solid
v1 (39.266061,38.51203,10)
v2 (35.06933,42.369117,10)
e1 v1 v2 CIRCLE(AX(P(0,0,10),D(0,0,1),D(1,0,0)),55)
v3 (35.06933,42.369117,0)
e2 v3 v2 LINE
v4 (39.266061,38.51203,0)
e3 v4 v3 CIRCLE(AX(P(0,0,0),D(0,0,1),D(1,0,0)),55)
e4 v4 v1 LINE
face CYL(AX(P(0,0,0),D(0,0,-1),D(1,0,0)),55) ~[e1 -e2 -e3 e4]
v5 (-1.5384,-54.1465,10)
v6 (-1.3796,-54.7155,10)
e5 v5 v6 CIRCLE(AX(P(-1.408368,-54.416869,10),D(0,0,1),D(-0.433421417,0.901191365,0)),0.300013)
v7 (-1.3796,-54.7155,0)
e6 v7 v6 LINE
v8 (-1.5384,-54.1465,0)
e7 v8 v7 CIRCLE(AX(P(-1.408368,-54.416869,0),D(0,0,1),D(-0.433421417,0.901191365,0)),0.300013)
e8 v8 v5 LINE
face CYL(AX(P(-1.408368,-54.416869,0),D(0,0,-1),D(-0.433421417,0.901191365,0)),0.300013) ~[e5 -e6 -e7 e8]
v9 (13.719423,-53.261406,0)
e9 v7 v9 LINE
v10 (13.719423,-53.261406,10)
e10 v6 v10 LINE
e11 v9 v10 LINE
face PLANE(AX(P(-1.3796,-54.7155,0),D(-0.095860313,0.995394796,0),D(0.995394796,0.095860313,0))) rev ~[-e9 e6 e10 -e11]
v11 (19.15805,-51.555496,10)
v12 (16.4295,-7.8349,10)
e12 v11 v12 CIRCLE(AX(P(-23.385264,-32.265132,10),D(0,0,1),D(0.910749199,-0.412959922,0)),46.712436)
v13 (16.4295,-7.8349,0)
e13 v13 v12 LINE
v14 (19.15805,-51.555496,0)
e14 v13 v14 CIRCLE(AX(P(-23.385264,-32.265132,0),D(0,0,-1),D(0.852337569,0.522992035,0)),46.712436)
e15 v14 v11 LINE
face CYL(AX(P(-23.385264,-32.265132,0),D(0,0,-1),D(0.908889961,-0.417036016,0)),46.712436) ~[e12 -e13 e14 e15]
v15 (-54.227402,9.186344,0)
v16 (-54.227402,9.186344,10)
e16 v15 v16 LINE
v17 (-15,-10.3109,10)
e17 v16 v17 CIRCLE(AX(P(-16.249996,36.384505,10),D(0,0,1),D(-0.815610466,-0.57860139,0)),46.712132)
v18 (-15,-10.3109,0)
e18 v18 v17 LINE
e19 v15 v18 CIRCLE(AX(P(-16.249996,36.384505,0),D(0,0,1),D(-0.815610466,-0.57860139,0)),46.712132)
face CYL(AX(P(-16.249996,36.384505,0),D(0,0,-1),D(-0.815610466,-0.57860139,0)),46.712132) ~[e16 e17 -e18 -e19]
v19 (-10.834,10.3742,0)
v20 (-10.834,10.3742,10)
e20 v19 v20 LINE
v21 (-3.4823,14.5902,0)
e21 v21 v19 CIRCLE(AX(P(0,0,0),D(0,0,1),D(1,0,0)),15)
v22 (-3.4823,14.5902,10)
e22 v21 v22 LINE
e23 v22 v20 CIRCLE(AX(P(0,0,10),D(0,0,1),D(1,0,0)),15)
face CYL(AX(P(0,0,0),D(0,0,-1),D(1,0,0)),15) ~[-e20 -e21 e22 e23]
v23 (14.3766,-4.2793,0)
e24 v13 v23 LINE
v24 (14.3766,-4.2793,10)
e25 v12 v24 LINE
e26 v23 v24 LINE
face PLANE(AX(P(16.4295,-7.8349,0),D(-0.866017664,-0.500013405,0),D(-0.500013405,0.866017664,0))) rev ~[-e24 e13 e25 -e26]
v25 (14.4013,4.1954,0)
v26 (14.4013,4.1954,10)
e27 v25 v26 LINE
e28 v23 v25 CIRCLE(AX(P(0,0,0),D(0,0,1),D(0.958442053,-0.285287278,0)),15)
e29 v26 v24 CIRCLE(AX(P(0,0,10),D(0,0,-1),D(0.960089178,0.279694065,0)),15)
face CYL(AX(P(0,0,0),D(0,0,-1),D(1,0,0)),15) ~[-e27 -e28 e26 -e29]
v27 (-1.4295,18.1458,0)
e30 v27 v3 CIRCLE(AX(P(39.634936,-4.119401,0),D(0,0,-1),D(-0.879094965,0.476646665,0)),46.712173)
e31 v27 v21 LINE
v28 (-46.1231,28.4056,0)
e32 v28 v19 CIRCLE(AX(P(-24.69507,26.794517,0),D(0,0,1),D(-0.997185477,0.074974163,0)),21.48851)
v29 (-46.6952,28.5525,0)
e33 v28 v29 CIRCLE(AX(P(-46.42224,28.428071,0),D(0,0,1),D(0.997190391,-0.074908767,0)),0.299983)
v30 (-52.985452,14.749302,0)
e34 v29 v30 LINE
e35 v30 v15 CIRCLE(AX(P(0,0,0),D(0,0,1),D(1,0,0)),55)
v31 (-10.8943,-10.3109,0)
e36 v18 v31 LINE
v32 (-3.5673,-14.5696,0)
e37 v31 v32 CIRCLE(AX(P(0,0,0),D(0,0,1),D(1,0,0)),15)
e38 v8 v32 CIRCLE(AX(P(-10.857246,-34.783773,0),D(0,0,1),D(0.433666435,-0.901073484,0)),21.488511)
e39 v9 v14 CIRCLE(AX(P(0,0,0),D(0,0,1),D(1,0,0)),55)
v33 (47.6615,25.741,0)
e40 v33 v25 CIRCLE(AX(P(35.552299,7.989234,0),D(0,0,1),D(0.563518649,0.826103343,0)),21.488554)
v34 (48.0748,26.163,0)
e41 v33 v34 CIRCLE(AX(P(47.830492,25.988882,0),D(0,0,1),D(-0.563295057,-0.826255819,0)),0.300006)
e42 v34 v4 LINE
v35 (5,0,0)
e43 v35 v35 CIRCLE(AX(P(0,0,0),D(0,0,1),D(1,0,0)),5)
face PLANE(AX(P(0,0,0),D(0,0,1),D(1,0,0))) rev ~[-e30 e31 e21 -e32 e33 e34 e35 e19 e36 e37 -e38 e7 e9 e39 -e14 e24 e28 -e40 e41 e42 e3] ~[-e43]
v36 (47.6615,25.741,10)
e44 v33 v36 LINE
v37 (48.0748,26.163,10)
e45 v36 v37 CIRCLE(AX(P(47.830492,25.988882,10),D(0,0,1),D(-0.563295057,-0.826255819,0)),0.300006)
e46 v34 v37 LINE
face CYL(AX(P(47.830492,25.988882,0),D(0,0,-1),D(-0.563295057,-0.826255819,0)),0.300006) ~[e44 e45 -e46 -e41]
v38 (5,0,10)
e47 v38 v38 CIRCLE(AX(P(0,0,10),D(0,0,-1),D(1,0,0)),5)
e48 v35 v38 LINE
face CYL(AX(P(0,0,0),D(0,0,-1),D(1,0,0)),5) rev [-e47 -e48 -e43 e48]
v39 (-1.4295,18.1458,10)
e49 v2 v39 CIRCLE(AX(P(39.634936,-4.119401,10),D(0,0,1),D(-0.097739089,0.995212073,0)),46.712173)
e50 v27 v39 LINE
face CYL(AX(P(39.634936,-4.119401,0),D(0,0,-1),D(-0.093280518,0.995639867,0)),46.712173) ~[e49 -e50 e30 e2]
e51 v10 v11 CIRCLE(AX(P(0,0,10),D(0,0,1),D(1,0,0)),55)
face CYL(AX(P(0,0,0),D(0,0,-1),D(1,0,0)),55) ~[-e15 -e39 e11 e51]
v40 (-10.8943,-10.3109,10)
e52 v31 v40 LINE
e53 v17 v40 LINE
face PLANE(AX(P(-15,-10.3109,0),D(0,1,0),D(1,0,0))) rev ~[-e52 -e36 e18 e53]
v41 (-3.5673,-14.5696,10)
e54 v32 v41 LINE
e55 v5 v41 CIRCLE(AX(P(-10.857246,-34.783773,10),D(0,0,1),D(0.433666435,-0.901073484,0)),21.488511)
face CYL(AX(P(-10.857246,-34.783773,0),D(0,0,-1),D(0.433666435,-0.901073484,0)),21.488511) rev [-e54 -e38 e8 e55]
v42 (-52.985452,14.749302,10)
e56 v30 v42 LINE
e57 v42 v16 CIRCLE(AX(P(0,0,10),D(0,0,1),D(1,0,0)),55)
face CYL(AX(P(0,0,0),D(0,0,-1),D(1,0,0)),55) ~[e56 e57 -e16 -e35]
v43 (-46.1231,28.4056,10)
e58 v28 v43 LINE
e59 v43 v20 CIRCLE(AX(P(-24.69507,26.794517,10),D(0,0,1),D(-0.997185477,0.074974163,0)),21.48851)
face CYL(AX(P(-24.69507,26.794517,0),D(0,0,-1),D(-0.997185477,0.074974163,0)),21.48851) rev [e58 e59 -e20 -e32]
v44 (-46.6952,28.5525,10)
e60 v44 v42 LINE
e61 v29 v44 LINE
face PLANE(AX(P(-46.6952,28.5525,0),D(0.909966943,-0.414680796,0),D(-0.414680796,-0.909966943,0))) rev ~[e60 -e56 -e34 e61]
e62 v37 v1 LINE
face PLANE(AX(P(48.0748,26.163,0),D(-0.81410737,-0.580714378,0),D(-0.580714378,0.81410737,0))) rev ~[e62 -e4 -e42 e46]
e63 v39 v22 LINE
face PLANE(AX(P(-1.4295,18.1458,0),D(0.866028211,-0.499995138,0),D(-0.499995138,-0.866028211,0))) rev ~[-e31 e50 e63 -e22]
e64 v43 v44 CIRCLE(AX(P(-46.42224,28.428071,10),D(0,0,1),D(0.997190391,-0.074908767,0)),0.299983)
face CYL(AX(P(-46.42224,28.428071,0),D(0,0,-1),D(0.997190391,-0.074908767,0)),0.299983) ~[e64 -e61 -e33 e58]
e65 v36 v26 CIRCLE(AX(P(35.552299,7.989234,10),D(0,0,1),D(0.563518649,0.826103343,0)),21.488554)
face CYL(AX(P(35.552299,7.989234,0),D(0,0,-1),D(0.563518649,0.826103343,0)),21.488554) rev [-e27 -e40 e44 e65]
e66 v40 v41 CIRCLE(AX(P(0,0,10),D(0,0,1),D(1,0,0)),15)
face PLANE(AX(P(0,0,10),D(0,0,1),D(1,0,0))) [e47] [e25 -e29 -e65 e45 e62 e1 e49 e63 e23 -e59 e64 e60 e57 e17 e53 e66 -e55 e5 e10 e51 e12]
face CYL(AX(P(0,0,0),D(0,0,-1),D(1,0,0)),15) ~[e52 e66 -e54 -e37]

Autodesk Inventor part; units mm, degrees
ref_plane "YZ Plane" through (0, 0, 0) normal (1, 0, 0) x (0, 1, 0)
ref_plane "XZ Plane" through (0, 0, 0) normal (0, 1, 0) x (-1, 0, 0)
ref_plane "XY Plane" through (0, 0, 0) normal (0, 0, 1) x (1, 0, 0)
sketch "Sketch1" plane through (0, 0, 0) normal (0, 0, 1) x (1, 0, 0)
  circle A0 centre (0, 0) radius 15
  circle A1 centre (0, 0) radius 55
  line L0 (15, 0) -> (55, 0) construction
  circle A2 centre (35, 0) radius 20 construction
  circle A3 centre (-17.5, 30.3109) radius 20 construction
  circle A4 centre (-17.5, -30.3109) radius 20 construction
  line L1 (0, 0) -> (-10.834, 10.3742)
  line L2 (0, 0) -> (27.5, -47.6314)
  line L3 (0, 0) -> (-55, 0) construction
  line L4 (0, 0) -> (27.5, 47.6314)
  line L5 (17.5, 30.3109) -> (27.5, 47.6314) construction
  line L6 (-1.4324, 18.1475) -> (18.5676, 52.7885) construction
  line L7 (18.5676, 52.7885) -> (36.4324, 42.4743) construction
  line L8 (36.4324, 42.4743) -> (16.4324, 7.8333) construction
  line L9 (16.4324, 7.8333) -> (-1.4324, 18.1475) construction
  line L10 (-1.4324, 18.1475) -> (36.4324, 42.4743) construction
  line L11 (18.5676, 52.7885) -> (16.4324, 7.8333) construction
  line L12 (-1.4891, -18.1802) -> (18.5109, -52.8212) construction
  line L13 (18.5109, -52.8212) -> (36.4891, -42.4416) construction
  line L14 (36.4891, -42.4416) -> (16.4891, -7.8006) construction
  line L15 (16.4891, -7.8006) -> (-1.4891, -18.1802) construction
  line L16 (-1.4891, -18.1802) -> (36.4891, -42.4416) construction
  line L17 (18.5109, -52.8212) -> (16.4891, -7.8006) construction
  line L18 (-55.0081, 10.3109) -> (-15, 10.3109) construction
  line L19 (-15, 10.3109) -> (-15, -10.3109) construction
  line L20 (-15, -10.3109) -> (-55.0081, -10.3109) construction
  line L21 (-55.0081, -10.3109) -> (-55.0081, 10.3109)
  line L22 (-55.0081, 10.3109) -> (-15, -10.3109) construction
  line L23 (-15, 10.3109) -> (-55.0081, -10.3109) construction
  line L24 (-39.1178, -2.5) -> (-30.8902, -2.5) construction
  line L25 (-30.8902, -2.5) -> (-30.8902, 2.5) construction
  line L26 (-30.8902, 2.5) -> (-39.1178, 2.5) construction
  line L27 (-39.1178, 2.5) -> (-39.1178, -2.5) construction
  line L28 (-39.1178, -2.5) -> (-30.8902, 2.5) construction
  line L29 (-30.8902, -2.5) -> (-39.1178, 2.5) construction
  line L30 (-55.0081, 10.3109) -> (-55.0081, -10.3109) construction
  line L31 (-55.0081, 10.3109) -> (-55.0081, -10.3109) construction
  circle A5 centre (0, 0) radius 5
  arc A6 (-54.3489, 9.3568) -> (-15, -10.3109) centre (-16.25, 36.3845) ccw
  arc A7 (-46.1231, 28.4056) -> (-10.834, 10.3742) centre (-24.6951, 26.7945) ccw
  line L32 (-15, -10.3109) -> (-10.8943, -10.3109)
  line L33 (-46.6952, 28.5525) -> (-54.5376, 11.3433)
  arc A8 (-46.1231, 28.4056) -> (-46.6952, 28.5525) centre (-46.4222, 28.4281) ccw
  arc A9 (-54.5376, 11.3433) -> (-54.3489, 9.3568) centre (-52.7176, 10.514) ccw
  arc A10 (17.4452, -52.9026) -> (19.0712, -51.7459) centre (17.2535, -50.9118) ccw
  line L34 (-1.3796, -54.7155) -> (17.4452, -52.9026)
  arc A11 (19.0712, -51.7459) -> (16.4295, -7.8349) centre (-23.3849, -32.2652) ccw
  arc A12 (-1.5384, -54.1465) -> (-3.5673, -14.5696) centre (-10.8572, -34.7838) ccw
  circle A13 centre (0, 0) radius 15
  line L35 (16.4295, -7.8349) -> (14.3766, -4.2793)
  arc A14 (-1.5384, -54.1465) -> (-1.3796, -54.7155) centre (-1.4083, -54.4169) ccw
  arc A15 (37.0924, 41.5593) -> (35.2776, 42.3891) centre (35.4642, 40.3978) ccw
  line L36 (48.0748, 26.163) -> (37.0924, 41.5593)
  arc A16 (35.2776, 42.3891) -> (-1.4295, 18.1458) centre (39.6349, -4.1193) ccw
  arc A17 (47.6615, 25.741) -> (14.4013, 4.1954) centre (35.5523, 7.9893) ccw
  circle A18 centre (0, 0) radius 15
  line L37 (-1.4295, 18.1458) -> (-3.4823, 14.5902)
  arc A19 (47.6615, 25.741) -> (48.0748, 26.163) centre (47.8305, 25.9888) ccw
  point P0 (-27.5, 47.6314)
  point P1 (-27.5, -47.6314)
  point P2 (17.5, -30.3109)
  point P3 (-35.004, 0)
  point P4 (-45.8939, 30.3109)
  point P5 (-7.5, 12.9904)
  point P6 (-7.5, -12.9904)
  point P7 (-52.9855, 14.7493)
  point P8 (-54.2274, 9.1864)
  point P9 (-3.5673, -14.5696)
  point P10 (13.7195, -53.2614)
  point P11 (19.1581, -51.5555)
  point P12 (14.4013, 4.1954)
  point P13 (39.266, 38.5121)
  point P14 (35.0693, 42.3691)
  dimension "d0" = 30
  dimension "d1" = 40
  dimension "d4" = 360
  dimension "d6" = 5
  dimension "d11" = 10
  dimension "d14" = 0.3
  dimension "d22" = 360
extrude "Extrusion1" add sketch "Sketch1" along normal blind 10 contours A0 L2 A5 L4 | A0 L4 A16 A1 L36 A19 A17 | L35 A11 L2 A0 | L4 A5 L1 A0 | A0 L37 A16 L4 | L2 A11 A1 L34 A14 A12 A0 | A0 L1 A5 L2 | A0 L32 A6 A1 L33 A8 A7
properties part number "Combine mk2"
